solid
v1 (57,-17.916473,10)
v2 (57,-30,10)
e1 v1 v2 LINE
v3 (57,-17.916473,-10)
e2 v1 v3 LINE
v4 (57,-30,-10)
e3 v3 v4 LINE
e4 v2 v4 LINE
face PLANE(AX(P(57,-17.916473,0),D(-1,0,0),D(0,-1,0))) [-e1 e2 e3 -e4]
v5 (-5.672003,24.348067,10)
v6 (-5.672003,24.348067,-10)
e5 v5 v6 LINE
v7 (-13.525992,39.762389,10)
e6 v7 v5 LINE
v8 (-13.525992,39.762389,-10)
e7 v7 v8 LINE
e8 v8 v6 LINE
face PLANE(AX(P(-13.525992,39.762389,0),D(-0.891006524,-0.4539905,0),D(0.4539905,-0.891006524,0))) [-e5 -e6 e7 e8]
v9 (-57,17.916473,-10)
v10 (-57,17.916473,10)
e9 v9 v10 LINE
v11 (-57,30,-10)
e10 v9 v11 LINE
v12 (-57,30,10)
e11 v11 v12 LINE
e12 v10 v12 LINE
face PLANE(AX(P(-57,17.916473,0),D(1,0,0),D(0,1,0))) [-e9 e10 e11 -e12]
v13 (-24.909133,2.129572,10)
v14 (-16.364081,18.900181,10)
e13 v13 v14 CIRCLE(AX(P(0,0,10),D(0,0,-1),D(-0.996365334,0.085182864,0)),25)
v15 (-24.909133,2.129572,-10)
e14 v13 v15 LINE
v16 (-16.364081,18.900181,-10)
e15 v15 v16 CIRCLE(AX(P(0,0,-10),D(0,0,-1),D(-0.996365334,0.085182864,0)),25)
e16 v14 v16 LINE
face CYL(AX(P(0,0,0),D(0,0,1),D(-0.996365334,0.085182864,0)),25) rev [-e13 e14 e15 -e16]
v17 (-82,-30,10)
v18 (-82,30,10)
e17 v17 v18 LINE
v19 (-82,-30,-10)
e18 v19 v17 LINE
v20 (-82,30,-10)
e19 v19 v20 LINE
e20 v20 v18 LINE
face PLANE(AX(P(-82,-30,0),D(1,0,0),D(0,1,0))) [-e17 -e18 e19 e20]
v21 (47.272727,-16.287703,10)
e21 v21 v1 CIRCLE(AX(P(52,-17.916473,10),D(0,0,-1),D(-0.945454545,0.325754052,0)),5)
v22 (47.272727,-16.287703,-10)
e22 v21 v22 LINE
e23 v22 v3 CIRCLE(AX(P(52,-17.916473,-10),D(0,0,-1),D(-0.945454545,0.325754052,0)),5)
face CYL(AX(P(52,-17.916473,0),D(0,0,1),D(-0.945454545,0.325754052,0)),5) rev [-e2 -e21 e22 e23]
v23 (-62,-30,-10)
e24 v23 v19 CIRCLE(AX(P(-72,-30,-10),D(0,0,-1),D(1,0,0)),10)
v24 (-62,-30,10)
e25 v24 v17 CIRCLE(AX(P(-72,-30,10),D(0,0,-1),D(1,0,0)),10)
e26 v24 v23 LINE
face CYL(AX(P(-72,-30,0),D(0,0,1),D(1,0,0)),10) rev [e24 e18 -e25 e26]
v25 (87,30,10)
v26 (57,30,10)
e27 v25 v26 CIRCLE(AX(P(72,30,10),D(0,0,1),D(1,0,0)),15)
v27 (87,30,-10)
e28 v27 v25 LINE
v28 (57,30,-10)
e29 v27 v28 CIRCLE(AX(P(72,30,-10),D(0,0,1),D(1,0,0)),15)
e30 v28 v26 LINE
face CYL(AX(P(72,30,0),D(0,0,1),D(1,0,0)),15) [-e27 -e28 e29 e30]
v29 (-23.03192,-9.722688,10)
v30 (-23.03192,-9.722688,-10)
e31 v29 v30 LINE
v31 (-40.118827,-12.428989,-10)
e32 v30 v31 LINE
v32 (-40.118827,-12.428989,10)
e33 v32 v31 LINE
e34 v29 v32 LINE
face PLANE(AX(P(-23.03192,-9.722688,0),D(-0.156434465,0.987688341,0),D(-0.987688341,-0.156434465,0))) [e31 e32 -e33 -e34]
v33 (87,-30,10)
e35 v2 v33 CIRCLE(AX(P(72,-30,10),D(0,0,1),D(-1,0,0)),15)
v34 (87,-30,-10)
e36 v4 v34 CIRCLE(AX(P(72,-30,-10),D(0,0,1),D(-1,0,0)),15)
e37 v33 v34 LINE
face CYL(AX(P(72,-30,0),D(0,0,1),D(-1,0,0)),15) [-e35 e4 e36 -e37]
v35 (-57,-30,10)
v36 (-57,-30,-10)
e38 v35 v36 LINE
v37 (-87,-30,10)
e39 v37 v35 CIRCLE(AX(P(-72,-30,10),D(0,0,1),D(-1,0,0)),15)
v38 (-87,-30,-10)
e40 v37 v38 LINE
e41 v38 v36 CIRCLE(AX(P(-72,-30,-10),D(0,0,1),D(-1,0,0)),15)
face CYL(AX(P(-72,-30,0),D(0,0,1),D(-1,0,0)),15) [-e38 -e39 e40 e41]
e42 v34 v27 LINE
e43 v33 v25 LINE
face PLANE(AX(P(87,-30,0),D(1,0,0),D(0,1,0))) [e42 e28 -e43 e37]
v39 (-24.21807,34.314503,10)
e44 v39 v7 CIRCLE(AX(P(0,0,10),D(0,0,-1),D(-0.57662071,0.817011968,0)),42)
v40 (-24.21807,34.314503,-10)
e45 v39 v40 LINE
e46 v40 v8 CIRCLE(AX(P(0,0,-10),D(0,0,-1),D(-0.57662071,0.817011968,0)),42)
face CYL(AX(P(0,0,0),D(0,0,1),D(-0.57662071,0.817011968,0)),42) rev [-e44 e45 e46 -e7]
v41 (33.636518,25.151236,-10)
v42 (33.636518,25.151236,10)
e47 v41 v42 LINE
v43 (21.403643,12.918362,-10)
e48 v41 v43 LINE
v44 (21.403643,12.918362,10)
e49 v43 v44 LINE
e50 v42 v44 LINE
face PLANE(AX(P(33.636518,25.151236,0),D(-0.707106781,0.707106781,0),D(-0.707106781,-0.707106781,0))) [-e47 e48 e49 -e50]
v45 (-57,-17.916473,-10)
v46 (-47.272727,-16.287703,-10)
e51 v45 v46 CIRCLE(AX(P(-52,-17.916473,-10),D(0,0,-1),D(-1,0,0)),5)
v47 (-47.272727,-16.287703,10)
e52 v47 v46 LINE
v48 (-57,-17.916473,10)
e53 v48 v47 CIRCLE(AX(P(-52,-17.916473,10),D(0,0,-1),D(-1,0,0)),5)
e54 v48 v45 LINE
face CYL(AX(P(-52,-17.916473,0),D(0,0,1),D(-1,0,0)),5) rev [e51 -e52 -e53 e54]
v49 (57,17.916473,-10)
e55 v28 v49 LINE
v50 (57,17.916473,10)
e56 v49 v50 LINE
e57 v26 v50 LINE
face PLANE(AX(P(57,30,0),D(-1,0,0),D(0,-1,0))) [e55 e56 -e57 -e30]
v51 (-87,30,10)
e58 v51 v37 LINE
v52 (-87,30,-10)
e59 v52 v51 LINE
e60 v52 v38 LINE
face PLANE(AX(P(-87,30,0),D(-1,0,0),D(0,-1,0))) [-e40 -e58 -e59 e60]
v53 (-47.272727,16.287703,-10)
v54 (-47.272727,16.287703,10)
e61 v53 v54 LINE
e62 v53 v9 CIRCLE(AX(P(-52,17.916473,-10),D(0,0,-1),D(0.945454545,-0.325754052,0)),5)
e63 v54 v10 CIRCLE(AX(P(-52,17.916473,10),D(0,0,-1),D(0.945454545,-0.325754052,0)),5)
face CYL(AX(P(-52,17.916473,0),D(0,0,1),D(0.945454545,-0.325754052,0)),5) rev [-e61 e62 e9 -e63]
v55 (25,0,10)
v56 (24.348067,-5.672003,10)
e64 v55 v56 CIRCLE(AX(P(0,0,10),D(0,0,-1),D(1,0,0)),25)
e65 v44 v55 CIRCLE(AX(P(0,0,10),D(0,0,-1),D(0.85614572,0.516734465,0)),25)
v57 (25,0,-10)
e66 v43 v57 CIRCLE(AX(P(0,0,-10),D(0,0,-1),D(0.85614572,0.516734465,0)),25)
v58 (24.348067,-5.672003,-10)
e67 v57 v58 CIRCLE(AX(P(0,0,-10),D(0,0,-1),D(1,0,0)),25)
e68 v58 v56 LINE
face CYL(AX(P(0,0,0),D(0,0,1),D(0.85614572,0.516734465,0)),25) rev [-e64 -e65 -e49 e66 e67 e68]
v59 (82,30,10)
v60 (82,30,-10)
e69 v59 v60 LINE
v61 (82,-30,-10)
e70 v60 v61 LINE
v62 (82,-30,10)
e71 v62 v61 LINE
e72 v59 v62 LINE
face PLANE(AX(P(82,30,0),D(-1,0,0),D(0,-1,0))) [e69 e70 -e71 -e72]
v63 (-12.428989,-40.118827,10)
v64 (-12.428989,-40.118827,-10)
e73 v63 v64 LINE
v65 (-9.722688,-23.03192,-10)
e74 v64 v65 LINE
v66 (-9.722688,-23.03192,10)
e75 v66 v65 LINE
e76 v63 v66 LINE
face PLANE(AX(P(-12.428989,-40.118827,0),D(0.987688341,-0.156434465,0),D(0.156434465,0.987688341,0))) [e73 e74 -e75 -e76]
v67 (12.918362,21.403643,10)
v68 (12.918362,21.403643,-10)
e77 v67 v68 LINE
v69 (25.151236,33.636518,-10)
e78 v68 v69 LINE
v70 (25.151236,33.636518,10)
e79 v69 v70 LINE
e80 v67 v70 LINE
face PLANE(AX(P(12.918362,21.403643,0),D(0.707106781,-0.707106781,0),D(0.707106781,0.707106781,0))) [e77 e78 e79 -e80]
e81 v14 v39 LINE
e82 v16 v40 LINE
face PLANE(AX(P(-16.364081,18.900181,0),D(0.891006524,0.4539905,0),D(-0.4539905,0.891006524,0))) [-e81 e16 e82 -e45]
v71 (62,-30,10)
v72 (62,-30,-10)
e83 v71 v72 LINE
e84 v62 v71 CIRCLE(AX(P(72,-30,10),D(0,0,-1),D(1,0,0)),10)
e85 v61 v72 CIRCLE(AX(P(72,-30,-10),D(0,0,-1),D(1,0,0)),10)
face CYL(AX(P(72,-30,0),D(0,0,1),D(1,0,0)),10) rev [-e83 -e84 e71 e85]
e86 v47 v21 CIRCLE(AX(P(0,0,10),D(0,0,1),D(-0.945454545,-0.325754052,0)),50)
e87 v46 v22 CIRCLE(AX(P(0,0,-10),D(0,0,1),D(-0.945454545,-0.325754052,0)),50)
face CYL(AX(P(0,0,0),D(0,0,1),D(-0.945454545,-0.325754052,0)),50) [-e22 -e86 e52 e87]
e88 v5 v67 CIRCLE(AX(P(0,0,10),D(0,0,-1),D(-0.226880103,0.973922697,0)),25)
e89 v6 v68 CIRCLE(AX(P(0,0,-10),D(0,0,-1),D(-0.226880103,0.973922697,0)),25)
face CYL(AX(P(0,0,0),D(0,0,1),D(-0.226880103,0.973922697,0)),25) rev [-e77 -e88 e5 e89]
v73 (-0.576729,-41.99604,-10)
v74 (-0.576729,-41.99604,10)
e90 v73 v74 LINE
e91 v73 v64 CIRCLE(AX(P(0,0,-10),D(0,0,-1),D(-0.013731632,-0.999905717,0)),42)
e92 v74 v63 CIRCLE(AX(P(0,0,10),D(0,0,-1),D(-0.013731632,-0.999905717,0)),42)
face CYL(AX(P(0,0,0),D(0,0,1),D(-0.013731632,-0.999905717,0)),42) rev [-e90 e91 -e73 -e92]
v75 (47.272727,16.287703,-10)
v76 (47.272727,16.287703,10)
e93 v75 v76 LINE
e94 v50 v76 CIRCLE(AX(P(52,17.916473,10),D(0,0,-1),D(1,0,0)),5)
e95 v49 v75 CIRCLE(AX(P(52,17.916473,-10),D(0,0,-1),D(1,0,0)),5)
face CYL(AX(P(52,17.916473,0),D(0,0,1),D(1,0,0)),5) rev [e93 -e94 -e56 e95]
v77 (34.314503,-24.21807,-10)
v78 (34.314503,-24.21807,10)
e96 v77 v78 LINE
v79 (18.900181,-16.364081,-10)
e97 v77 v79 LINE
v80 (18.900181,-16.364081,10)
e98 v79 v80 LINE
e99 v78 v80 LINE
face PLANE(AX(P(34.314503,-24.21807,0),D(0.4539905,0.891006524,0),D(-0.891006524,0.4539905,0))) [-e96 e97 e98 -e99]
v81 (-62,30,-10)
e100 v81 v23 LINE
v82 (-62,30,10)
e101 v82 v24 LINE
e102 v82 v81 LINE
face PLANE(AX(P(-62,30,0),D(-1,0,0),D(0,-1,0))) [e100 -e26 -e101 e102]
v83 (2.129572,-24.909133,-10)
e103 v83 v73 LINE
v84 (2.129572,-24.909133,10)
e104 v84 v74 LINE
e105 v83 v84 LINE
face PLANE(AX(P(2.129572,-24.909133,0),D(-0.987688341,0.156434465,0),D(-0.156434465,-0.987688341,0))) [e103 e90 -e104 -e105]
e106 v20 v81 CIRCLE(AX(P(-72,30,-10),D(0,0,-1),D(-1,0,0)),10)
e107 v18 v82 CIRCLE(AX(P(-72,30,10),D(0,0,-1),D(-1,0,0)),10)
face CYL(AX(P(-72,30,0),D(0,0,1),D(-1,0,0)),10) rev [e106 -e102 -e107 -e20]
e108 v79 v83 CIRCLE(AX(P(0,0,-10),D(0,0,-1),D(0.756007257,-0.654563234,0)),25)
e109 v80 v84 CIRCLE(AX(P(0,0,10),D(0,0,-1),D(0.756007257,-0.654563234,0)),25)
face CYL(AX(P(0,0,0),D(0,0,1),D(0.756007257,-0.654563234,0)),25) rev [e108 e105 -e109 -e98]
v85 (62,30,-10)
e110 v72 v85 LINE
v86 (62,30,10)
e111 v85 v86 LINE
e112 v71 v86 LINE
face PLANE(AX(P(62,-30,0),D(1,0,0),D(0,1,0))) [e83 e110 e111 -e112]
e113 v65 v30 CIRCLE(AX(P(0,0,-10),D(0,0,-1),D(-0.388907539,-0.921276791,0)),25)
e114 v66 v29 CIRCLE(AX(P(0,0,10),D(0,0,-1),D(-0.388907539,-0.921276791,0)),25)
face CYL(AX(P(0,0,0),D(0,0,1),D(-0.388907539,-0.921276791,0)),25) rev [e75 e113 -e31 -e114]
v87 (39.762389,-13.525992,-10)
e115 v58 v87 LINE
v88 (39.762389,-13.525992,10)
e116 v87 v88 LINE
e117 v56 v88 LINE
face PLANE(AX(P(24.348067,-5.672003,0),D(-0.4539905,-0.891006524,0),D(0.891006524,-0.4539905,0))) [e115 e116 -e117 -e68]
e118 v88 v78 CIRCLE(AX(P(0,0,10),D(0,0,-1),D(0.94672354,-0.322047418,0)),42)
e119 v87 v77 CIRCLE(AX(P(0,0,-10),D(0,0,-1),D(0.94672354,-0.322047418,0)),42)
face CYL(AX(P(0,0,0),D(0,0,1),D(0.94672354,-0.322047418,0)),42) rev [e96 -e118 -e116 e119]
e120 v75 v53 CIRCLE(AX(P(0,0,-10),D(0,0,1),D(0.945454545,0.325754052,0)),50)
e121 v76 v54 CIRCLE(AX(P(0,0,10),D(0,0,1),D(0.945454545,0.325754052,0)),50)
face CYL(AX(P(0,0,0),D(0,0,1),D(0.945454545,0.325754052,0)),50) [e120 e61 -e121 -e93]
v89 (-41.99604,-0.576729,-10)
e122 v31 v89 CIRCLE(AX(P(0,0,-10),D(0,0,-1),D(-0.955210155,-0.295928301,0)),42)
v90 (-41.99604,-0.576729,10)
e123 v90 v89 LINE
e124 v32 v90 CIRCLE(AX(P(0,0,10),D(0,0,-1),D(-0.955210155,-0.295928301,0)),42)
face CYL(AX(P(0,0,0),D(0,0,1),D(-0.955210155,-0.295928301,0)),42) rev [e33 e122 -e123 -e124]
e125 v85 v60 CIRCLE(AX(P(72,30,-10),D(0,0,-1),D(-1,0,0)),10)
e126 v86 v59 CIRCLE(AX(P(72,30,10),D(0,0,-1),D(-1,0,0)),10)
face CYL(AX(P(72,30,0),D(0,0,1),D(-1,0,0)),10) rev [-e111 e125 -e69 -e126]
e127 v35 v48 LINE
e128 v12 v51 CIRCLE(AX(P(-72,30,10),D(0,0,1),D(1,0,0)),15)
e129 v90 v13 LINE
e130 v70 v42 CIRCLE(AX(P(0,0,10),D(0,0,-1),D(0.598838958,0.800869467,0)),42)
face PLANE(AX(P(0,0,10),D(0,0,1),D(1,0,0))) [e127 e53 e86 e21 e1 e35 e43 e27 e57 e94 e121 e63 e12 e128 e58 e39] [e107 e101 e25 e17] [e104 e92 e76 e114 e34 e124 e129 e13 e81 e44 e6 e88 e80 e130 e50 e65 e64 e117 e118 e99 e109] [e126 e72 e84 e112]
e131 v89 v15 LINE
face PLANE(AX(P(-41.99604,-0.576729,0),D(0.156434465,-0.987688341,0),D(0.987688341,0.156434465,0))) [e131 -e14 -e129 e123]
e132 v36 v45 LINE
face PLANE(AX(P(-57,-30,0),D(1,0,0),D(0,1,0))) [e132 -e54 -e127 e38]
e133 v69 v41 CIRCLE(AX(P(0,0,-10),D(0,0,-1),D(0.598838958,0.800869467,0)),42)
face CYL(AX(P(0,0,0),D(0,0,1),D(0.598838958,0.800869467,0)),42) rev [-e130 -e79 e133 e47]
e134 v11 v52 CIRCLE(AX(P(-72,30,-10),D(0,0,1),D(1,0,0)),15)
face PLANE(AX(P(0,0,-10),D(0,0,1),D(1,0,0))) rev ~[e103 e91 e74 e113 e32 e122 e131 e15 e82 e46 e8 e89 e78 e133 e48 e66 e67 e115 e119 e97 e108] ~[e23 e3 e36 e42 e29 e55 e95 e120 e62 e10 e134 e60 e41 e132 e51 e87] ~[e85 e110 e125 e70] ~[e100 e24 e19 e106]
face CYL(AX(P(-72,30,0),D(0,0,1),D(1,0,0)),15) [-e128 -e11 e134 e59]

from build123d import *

# Parameters (mm, degrees)
BOSS_EXTRUDE1_DEPTH = 10


with BuildPart() as part:
    # Sketch1 → Boss-Extrude1 (new, symmetric)
    with BuildSketch(Plane.XY):
        with BuildLine():
            Line((87, -30), (87, 30))
            ThreePointArc((87, 30), (72, 45), (57, 30))
            Line((57, 30), (57, 17.916472867))
            ThreePointArc((57, 17.916472867), (52.825722824, 12.985126011), (47.272727273, 16.287702607))
            ThreePointArc((47.272727273, 16.287702607), (0, 50), (-47.272727273, 16.287702607))
            ThreePointArc((-47.272727273, 16.287702607), (-52.825722824, 12.985126011), (-57, 17.916472867))
            Line((-57, 17.916472867), (-57, 30))
            ThreePointArc((-57, 30), (-72, 45), (-87, 30))
            Line((-87, 30), (-87, -30))
            ThreePointArc((-87, -30), (-72, -45), (-57, -30))
            Line((-57, -30), (-57, -17.916472867))
            ThreePointArc((-57, -17.916472867), (-52.825722824, -12.985126011), (-47.272727273, -16.287702607))
            ThreePointArc((-47.272727273, -16.287702607), (0, -50), (47.272727273, -16.287702607))
            ThreePointArc((47.272727273, -16.287702607), (52.825722824, -12.985126011), (57, -17.916472867))
            Line((57, -17.916472867), (57, -30))
            ThreePointArc((57, -30), (72, -45), (87, -30))
        make_face()
        with BuildLine():
            ThreePointArc((25.151236226, 33.636517601), (29.69848481, 29.69848481), (33.636517601, 25.151236226))
            Line((33.636517601, 25.151236226), (21.403642989, 12.918361615))
            ThreePointArc((21.403642989, 12.918361615), (24.084134557, 6.704808919), (25, 0))
            ThreePointArc((25, 0), (24.836482092, -2.85467289), (24.348067415, -5.672002568))
            Line((24.348067415, -5.672002568), (39.762388673, -13.525991536))
            ThreePointArc((39.762388673, -13.525991536), (37.422274016, -19.067600989), (34.314502676, -24.218069826))
            Line((34.314502676, -24.218069826), (18.900181419, -16.364080859))
            ThreePointArc((18.900181419, -16.364080859), (11.349762493, -22.275163105), (2.129571608, -24.90913336))
            Line((2.129571608, -24.90913336), (-0.576728553, -41.996040101))
            ThreePointArc((-0.576728553, -41.996040101), (-6.570247532, -41.482910305), (-12.42898864, -40.118826521))
            Line((-12.42898864, -40.118826521), (-9.722688479, -23.03191978))
            ThreePointArc((-9.722688479, -23.03191978), (-17.67766953, -17.67766953), (-23.03191978, -9.722688479))
            Line((-23.03191978, -9.722688479), (-40.118826521, -12.42898864))
            ThreePointArc((-40.118826521, -12.42898864), (-41.482910305, -6.570247532), (-41.996040101, -0.576728553))
            Line((-41.996040101, -0.576728553), (-24.90913336, 2.129571608))
            ThreePointArc((-24.90913336, 2.129571608), (-22.275163105, 11.349762493), (-16.364080859, 18.900181419))
            Line((-16.364080859, 18.900181419), (-24.218069826, 34.314502676))
            ThreePointArc((-24.218069826, 34.314502676), (-19.067600989, 37.422274016), (-13.525991536, 39.762388673))
            Line((-13.525991536, 39.762388673), (-5.672002568, 24.348067415))
            ThreePointArc((-5.672002568, 24.348067415), (3.910861626, 24.692208515), (12.918361615, 21.403642989))
            Line((12.918361615, 21.403642989), (25.151236226, 33.636517601))
        make_face(mode=Mode.SUBTRACT)
        with BuildLine():
            Line((-82, -30), (-82, 30))
            ThreePointArc((-82, 30), (-72, 40), (-62, 30))
            Line((-62, 30), (-62, -30))
            ThreePointArc((-62, -30), (-72, -40), (-82, -30))
        make_face(mode=Mode.SUBTRACT)
        with BuildLine():
            ThreePointArc((62, 30), (72, 40), (82, 30))
            Line((82, 30), (82, -30))
            ThreePointArc((82, -30), (72, -40), (62, -30))
            Line((62, -30), (62, 30))
        make_face(mode=Mode.SUBTRACT)
    extrude(amount=BOSS_EXTRUDE1_DEPTH, both=True)


solid = part.part
